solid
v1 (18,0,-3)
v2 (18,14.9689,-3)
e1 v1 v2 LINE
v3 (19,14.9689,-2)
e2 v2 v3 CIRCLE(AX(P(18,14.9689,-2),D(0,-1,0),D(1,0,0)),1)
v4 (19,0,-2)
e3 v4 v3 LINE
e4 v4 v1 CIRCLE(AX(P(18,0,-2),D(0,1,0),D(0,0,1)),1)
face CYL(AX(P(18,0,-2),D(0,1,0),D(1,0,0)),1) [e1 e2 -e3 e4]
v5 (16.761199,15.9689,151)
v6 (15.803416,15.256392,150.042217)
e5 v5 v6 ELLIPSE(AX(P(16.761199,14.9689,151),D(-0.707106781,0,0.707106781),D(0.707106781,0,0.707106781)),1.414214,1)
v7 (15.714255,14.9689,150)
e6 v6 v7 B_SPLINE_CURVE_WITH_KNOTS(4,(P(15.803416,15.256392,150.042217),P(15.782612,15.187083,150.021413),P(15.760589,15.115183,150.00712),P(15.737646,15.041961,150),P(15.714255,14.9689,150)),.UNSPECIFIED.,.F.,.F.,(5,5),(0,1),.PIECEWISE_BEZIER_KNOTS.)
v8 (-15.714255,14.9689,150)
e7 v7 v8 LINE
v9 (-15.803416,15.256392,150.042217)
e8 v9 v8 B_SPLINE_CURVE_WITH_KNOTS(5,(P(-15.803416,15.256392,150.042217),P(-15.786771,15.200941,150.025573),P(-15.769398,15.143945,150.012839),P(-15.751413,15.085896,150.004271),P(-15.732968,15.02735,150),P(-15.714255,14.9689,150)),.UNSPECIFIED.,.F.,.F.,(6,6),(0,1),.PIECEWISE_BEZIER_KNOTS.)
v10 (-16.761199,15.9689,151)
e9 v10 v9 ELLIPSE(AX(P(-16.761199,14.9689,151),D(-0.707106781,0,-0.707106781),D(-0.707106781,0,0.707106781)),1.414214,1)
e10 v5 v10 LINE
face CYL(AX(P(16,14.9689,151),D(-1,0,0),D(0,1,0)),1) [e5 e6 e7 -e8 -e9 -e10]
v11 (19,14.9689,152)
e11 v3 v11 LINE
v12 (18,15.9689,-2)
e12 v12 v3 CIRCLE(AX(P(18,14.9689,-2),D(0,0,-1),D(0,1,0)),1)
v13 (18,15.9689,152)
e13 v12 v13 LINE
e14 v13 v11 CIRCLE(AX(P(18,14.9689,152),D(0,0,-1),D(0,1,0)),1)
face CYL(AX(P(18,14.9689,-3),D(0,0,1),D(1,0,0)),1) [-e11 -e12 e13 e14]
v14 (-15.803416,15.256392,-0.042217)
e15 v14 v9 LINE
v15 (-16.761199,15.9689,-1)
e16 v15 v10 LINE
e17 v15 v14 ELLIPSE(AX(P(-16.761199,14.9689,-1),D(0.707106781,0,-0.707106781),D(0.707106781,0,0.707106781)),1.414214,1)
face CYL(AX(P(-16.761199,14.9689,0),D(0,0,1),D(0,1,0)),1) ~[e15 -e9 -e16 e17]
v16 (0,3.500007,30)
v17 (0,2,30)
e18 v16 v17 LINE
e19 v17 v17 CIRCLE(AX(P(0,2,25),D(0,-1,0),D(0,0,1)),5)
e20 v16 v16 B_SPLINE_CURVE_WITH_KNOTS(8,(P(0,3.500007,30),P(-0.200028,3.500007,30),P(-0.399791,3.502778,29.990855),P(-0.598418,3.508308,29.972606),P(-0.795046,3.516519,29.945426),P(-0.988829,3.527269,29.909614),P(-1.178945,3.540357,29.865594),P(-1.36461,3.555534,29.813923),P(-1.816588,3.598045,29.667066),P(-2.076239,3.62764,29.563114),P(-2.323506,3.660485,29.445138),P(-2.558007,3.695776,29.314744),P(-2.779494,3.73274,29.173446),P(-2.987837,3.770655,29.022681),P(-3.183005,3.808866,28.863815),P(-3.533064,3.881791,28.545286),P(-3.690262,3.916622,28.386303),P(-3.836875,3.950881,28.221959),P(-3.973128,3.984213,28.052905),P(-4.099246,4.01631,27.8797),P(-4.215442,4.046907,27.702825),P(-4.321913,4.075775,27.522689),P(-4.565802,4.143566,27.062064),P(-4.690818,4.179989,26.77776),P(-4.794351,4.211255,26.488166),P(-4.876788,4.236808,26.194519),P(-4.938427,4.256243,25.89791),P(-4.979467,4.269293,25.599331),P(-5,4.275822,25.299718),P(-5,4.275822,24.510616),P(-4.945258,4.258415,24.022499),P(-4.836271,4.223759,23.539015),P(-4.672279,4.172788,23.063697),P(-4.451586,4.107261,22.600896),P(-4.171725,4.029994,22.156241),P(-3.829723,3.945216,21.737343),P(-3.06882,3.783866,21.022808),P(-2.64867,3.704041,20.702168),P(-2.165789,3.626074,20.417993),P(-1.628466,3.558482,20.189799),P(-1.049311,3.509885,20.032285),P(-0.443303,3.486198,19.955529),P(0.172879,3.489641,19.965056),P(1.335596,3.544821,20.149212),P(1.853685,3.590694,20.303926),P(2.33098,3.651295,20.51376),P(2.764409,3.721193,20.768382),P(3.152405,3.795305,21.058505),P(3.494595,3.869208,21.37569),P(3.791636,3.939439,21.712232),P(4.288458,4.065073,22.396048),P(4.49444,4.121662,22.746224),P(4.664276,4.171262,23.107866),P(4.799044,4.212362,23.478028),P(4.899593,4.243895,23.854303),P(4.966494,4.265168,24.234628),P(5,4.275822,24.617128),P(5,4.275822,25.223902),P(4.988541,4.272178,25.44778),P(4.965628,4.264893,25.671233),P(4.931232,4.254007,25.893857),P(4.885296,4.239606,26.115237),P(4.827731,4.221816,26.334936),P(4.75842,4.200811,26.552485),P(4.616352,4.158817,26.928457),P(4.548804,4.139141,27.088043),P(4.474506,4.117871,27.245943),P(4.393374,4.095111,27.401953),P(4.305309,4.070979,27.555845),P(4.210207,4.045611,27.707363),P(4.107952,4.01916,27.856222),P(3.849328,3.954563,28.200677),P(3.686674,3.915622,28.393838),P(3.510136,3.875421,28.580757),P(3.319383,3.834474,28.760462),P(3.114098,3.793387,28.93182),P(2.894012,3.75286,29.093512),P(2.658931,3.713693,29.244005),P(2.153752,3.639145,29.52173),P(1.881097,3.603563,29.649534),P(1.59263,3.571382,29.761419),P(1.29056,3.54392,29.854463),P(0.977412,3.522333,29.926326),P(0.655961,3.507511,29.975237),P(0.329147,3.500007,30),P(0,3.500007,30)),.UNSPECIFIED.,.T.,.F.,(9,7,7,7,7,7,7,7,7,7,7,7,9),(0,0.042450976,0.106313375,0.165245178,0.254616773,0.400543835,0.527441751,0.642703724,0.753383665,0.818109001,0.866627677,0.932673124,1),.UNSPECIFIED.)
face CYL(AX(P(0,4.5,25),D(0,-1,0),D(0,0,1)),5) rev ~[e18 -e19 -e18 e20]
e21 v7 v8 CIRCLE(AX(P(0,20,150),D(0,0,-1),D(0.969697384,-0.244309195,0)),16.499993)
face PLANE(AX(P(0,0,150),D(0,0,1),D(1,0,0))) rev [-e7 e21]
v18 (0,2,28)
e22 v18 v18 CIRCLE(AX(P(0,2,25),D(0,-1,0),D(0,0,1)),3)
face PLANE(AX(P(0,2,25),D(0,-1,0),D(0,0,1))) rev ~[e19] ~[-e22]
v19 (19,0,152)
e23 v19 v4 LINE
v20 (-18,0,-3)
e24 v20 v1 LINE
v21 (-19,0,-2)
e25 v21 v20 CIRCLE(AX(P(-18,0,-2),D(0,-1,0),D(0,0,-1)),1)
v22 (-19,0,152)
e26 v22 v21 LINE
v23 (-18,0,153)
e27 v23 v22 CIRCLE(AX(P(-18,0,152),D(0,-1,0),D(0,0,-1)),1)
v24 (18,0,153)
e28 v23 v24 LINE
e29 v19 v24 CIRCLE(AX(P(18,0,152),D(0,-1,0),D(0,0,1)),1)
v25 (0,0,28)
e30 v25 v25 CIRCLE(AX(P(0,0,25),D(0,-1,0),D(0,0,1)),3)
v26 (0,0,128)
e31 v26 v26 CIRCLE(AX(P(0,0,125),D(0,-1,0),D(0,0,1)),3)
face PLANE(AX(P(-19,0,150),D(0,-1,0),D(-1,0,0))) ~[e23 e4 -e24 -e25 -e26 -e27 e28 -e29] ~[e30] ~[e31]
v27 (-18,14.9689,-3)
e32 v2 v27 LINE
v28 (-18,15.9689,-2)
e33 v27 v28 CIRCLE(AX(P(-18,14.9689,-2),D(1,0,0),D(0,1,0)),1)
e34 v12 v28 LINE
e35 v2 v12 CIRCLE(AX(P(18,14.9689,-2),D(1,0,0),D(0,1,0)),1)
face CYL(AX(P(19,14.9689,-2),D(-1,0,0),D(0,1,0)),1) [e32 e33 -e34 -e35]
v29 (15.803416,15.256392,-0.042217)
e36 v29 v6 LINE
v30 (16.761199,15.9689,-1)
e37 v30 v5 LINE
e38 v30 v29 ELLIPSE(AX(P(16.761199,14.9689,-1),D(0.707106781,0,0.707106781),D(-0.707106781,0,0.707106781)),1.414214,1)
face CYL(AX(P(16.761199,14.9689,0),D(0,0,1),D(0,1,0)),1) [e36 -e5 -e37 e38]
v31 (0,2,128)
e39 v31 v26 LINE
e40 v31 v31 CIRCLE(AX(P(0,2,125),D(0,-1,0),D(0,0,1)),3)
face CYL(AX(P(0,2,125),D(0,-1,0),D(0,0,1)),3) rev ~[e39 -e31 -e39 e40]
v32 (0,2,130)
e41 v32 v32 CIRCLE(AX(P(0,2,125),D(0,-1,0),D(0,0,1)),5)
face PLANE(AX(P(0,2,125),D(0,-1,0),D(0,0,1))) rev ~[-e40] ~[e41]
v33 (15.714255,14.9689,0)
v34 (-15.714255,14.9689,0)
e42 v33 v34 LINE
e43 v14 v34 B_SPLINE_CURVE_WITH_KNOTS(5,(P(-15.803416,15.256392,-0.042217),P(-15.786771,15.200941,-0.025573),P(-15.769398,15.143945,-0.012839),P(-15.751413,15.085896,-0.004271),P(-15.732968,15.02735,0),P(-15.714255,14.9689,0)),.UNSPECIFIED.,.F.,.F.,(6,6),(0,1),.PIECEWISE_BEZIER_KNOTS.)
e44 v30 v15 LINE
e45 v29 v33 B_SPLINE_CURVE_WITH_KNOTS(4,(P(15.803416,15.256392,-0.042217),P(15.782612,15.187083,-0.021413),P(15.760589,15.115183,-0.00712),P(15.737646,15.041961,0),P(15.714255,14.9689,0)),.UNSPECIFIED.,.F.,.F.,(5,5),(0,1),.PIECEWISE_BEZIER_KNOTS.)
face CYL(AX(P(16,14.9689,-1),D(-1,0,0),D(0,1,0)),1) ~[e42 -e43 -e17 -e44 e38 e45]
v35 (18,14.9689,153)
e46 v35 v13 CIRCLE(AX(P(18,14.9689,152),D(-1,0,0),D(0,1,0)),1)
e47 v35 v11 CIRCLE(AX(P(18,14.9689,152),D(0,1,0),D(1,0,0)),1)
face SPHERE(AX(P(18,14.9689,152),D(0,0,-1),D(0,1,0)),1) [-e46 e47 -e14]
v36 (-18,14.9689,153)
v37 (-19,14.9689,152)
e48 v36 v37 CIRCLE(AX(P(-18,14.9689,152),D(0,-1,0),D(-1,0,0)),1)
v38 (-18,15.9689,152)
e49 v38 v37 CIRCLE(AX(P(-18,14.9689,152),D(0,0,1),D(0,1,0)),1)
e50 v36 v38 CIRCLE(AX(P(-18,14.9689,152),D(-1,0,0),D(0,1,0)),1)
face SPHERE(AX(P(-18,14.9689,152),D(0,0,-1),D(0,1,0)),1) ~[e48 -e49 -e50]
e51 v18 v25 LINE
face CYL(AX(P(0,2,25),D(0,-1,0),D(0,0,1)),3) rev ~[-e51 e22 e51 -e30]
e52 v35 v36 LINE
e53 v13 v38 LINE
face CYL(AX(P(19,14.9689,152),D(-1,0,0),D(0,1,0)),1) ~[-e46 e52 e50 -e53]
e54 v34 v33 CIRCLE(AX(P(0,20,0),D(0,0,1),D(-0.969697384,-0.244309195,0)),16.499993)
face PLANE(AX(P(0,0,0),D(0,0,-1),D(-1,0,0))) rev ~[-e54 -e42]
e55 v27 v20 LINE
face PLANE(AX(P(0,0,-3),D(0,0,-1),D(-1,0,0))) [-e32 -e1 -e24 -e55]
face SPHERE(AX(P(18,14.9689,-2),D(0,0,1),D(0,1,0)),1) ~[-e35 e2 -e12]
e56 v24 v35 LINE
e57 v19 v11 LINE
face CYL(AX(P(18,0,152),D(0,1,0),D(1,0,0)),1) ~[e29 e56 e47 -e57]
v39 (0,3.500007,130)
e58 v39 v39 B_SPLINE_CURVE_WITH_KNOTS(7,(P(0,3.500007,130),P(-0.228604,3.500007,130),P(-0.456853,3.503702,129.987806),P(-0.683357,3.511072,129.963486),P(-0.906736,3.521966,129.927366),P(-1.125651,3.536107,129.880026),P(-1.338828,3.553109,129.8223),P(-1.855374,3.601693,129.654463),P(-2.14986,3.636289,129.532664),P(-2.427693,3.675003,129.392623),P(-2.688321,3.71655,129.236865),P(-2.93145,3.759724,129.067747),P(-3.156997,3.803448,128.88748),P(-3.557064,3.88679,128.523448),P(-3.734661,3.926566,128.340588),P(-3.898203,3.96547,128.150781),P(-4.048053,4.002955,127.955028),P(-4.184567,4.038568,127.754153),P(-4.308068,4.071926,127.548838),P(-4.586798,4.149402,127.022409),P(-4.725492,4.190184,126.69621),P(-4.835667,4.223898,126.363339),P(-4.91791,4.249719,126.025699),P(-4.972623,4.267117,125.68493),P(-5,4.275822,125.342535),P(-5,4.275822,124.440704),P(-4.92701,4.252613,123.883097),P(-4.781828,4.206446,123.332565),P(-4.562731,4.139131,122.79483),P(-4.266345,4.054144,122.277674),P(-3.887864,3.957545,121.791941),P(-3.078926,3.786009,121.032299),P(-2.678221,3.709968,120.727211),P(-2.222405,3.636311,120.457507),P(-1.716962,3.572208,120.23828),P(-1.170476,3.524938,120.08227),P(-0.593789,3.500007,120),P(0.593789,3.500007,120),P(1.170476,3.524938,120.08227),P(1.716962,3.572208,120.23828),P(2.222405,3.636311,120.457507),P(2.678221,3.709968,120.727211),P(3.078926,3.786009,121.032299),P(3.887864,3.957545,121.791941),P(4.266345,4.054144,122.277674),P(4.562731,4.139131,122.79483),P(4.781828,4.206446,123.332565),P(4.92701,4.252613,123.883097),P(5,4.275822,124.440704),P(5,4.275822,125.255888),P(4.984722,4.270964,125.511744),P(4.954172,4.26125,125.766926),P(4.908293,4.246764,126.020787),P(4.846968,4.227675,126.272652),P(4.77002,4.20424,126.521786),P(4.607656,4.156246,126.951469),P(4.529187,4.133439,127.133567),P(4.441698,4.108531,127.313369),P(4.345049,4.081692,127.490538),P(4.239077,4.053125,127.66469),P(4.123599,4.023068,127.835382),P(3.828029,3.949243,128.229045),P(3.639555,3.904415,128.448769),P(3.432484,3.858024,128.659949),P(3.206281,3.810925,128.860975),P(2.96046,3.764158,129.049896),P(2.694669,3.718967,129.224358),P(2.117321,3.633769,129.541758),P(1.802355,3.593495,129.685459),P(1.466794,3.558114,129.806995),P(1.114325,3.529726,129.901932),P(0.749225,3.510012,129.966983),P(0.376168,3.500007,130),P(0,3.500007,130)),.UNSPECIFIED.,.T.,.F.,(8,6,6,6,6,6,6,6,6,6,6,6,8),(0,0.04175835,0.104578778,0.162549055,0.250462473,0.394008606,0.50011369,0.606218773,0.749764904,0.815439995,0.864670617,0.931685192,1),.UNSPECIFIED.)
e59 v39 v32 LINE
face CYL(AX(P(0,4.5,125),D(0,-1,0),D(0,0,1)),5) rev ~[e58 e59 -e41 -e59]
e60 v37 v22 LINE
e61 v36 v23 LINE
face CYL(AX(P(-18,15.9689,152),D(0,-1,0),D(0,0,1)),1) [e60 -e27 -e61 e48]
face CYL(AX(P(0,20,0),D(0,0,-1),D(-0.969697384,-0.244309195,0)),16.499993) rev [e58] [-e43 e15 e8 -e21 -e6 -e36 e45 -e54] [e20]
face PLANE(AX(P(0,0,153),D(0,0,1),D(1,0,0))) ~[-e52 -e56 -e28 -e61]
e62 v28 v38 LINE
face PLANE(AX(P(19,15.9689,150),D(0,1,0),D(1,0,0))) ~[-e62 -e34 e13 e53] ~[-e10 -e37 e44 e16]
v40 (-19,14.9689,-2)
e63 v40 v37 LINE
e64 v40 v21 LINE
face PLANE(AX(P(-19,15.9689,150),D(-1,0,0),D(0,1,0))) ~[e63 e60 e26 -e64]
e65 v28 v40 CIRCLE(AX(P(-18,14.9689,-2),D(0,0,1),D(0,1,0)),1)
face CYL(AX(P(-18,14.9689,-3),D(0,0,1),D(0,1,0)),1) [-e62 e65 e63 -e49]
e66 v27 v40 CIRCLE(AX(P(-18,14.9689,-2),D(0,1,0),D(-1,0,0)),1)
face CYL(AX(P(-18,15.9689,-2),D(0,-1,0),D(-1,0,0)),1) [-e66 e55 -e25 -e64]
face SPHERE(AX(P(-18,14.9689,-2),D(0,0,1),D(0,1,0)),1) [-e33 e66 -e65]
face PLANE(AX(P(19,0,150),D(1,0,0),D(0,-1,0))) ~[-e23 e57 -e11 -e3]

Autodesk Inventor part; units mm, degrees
ref_plane "YZ Plane" through (0, 0, 0) normal (1, 0, 0) x (0, 1, 0)
ref_plane "XZ Plane" through (0, 0, 0) normal (0, 1, 0) x (-1, 0, 0)
ref_plane "XY Plane" through (0, 0, 0) normal (0, 0, 1) x (1, 0, 0)
sketch "Sketch3" plane through (0, 0, 0) normal (0, 0, 1) x (1, 0, 0)
  line L0 (-19, 0) -> (19, 0)
  arc A0 (-16, 15.9689) -> (16, 15.9689) centre (0, 20) ccw
  line L1 (0, -4) -> (0, 24) projected
  line L2 (-26.6, 0) -> (26.6, 0) projected
  line L3 (-16, 15.9689) -> (-19, 15.9689)
  line L4 (-19, 15.9689) -> (-19, 0)
  line L5 (16, 15.9689) -> (19, 15.9689)
  line L6 (19, 15.9689) -> (19, 0)
  point P0 (0, 0)
  point P1 (-17.5, 15.9689)
  point P2 (17.5, 15.9689)
  dimension "d6" = 16.5
  dimension "d9" = 20
  dimension "d12" = 38
  dimension "d13" = 3
  dimension "d14" = 3
extrude "Extrusion3" add sketch "Sketch3" along normal blind 150
ref_plane "Work Plane1" through (0, 0, 75) normal (0, 0, 1) x (1, 0, 0)
sketch "Sketch4" plane through (0, 0, 0) normal (0, 0, -1) x (-1, 0, 0)
  line L0 (-19, 0) -> (-19, 15.9689) projected
  line L1 (19, 15.9689) -> (19, 0) projected
  line L2 (-19, 15.9689) -> (19, 15.9689)
  line L3 (19, 15.9689) -> (19, 0)
  line L4 (19, 0) -> (-19, 0)
  line L5 (-19, 0) -> (-19, 15.9689)
  point P0 (0, 0)
  point P1 (19, 15.9689)
extrude "Extrusion4" add sketch "Sketch4" along normal blind 3
mirror "Mirror1" about plane through (0, 0, 75) normal (0, 0, 1) of "Extrusion4"
fillet "Fillet1" radius 1 12 edges at (-16, 15.9689, 75) (-19, 15.9689, 75) (19, 15.9689, 75) (16, 15.9689, 75) (0, 15.9689, 150) (0, 15.9689, 153) (0, 15.9689, -3) (0, 15.9689, 0) (19, 7.9844, -3) (19, 7.9844, 153) (-19, 7.9844, 153) (-19, 7.9844, -3)
ref_plane "Work Plane2" through (-18, 4.5, -3) normal (0, -1, 0) x (1, 0, 0)
sketch "Sketch5" plane through (-18, 4.5, -3) normal (0, -1, 0) x (1, 0, 0)
  line L0 (-1, 1) -> (-1, 155) projected
  line L1 (0, 156) -> (36, 156) projected
  line L2 (36, 0) -> (0, 0) projected
  point P0 (18, 3)
  point P1 (18, 128)
  point P2 (18, 28)
  dimension "d20" = 19
  dimension "d21" = 100
  dimension "d22" = 28
  dimension "d23" = 28
hole "Hole1" at (0, 4.5, 125) at (0, 4.5, 25) direction (0, -1, 0) diameter 6 end through all counterbore diameter 10 counterbore depth 2.5
properties part number "Disk_Holder_3DPrint"
